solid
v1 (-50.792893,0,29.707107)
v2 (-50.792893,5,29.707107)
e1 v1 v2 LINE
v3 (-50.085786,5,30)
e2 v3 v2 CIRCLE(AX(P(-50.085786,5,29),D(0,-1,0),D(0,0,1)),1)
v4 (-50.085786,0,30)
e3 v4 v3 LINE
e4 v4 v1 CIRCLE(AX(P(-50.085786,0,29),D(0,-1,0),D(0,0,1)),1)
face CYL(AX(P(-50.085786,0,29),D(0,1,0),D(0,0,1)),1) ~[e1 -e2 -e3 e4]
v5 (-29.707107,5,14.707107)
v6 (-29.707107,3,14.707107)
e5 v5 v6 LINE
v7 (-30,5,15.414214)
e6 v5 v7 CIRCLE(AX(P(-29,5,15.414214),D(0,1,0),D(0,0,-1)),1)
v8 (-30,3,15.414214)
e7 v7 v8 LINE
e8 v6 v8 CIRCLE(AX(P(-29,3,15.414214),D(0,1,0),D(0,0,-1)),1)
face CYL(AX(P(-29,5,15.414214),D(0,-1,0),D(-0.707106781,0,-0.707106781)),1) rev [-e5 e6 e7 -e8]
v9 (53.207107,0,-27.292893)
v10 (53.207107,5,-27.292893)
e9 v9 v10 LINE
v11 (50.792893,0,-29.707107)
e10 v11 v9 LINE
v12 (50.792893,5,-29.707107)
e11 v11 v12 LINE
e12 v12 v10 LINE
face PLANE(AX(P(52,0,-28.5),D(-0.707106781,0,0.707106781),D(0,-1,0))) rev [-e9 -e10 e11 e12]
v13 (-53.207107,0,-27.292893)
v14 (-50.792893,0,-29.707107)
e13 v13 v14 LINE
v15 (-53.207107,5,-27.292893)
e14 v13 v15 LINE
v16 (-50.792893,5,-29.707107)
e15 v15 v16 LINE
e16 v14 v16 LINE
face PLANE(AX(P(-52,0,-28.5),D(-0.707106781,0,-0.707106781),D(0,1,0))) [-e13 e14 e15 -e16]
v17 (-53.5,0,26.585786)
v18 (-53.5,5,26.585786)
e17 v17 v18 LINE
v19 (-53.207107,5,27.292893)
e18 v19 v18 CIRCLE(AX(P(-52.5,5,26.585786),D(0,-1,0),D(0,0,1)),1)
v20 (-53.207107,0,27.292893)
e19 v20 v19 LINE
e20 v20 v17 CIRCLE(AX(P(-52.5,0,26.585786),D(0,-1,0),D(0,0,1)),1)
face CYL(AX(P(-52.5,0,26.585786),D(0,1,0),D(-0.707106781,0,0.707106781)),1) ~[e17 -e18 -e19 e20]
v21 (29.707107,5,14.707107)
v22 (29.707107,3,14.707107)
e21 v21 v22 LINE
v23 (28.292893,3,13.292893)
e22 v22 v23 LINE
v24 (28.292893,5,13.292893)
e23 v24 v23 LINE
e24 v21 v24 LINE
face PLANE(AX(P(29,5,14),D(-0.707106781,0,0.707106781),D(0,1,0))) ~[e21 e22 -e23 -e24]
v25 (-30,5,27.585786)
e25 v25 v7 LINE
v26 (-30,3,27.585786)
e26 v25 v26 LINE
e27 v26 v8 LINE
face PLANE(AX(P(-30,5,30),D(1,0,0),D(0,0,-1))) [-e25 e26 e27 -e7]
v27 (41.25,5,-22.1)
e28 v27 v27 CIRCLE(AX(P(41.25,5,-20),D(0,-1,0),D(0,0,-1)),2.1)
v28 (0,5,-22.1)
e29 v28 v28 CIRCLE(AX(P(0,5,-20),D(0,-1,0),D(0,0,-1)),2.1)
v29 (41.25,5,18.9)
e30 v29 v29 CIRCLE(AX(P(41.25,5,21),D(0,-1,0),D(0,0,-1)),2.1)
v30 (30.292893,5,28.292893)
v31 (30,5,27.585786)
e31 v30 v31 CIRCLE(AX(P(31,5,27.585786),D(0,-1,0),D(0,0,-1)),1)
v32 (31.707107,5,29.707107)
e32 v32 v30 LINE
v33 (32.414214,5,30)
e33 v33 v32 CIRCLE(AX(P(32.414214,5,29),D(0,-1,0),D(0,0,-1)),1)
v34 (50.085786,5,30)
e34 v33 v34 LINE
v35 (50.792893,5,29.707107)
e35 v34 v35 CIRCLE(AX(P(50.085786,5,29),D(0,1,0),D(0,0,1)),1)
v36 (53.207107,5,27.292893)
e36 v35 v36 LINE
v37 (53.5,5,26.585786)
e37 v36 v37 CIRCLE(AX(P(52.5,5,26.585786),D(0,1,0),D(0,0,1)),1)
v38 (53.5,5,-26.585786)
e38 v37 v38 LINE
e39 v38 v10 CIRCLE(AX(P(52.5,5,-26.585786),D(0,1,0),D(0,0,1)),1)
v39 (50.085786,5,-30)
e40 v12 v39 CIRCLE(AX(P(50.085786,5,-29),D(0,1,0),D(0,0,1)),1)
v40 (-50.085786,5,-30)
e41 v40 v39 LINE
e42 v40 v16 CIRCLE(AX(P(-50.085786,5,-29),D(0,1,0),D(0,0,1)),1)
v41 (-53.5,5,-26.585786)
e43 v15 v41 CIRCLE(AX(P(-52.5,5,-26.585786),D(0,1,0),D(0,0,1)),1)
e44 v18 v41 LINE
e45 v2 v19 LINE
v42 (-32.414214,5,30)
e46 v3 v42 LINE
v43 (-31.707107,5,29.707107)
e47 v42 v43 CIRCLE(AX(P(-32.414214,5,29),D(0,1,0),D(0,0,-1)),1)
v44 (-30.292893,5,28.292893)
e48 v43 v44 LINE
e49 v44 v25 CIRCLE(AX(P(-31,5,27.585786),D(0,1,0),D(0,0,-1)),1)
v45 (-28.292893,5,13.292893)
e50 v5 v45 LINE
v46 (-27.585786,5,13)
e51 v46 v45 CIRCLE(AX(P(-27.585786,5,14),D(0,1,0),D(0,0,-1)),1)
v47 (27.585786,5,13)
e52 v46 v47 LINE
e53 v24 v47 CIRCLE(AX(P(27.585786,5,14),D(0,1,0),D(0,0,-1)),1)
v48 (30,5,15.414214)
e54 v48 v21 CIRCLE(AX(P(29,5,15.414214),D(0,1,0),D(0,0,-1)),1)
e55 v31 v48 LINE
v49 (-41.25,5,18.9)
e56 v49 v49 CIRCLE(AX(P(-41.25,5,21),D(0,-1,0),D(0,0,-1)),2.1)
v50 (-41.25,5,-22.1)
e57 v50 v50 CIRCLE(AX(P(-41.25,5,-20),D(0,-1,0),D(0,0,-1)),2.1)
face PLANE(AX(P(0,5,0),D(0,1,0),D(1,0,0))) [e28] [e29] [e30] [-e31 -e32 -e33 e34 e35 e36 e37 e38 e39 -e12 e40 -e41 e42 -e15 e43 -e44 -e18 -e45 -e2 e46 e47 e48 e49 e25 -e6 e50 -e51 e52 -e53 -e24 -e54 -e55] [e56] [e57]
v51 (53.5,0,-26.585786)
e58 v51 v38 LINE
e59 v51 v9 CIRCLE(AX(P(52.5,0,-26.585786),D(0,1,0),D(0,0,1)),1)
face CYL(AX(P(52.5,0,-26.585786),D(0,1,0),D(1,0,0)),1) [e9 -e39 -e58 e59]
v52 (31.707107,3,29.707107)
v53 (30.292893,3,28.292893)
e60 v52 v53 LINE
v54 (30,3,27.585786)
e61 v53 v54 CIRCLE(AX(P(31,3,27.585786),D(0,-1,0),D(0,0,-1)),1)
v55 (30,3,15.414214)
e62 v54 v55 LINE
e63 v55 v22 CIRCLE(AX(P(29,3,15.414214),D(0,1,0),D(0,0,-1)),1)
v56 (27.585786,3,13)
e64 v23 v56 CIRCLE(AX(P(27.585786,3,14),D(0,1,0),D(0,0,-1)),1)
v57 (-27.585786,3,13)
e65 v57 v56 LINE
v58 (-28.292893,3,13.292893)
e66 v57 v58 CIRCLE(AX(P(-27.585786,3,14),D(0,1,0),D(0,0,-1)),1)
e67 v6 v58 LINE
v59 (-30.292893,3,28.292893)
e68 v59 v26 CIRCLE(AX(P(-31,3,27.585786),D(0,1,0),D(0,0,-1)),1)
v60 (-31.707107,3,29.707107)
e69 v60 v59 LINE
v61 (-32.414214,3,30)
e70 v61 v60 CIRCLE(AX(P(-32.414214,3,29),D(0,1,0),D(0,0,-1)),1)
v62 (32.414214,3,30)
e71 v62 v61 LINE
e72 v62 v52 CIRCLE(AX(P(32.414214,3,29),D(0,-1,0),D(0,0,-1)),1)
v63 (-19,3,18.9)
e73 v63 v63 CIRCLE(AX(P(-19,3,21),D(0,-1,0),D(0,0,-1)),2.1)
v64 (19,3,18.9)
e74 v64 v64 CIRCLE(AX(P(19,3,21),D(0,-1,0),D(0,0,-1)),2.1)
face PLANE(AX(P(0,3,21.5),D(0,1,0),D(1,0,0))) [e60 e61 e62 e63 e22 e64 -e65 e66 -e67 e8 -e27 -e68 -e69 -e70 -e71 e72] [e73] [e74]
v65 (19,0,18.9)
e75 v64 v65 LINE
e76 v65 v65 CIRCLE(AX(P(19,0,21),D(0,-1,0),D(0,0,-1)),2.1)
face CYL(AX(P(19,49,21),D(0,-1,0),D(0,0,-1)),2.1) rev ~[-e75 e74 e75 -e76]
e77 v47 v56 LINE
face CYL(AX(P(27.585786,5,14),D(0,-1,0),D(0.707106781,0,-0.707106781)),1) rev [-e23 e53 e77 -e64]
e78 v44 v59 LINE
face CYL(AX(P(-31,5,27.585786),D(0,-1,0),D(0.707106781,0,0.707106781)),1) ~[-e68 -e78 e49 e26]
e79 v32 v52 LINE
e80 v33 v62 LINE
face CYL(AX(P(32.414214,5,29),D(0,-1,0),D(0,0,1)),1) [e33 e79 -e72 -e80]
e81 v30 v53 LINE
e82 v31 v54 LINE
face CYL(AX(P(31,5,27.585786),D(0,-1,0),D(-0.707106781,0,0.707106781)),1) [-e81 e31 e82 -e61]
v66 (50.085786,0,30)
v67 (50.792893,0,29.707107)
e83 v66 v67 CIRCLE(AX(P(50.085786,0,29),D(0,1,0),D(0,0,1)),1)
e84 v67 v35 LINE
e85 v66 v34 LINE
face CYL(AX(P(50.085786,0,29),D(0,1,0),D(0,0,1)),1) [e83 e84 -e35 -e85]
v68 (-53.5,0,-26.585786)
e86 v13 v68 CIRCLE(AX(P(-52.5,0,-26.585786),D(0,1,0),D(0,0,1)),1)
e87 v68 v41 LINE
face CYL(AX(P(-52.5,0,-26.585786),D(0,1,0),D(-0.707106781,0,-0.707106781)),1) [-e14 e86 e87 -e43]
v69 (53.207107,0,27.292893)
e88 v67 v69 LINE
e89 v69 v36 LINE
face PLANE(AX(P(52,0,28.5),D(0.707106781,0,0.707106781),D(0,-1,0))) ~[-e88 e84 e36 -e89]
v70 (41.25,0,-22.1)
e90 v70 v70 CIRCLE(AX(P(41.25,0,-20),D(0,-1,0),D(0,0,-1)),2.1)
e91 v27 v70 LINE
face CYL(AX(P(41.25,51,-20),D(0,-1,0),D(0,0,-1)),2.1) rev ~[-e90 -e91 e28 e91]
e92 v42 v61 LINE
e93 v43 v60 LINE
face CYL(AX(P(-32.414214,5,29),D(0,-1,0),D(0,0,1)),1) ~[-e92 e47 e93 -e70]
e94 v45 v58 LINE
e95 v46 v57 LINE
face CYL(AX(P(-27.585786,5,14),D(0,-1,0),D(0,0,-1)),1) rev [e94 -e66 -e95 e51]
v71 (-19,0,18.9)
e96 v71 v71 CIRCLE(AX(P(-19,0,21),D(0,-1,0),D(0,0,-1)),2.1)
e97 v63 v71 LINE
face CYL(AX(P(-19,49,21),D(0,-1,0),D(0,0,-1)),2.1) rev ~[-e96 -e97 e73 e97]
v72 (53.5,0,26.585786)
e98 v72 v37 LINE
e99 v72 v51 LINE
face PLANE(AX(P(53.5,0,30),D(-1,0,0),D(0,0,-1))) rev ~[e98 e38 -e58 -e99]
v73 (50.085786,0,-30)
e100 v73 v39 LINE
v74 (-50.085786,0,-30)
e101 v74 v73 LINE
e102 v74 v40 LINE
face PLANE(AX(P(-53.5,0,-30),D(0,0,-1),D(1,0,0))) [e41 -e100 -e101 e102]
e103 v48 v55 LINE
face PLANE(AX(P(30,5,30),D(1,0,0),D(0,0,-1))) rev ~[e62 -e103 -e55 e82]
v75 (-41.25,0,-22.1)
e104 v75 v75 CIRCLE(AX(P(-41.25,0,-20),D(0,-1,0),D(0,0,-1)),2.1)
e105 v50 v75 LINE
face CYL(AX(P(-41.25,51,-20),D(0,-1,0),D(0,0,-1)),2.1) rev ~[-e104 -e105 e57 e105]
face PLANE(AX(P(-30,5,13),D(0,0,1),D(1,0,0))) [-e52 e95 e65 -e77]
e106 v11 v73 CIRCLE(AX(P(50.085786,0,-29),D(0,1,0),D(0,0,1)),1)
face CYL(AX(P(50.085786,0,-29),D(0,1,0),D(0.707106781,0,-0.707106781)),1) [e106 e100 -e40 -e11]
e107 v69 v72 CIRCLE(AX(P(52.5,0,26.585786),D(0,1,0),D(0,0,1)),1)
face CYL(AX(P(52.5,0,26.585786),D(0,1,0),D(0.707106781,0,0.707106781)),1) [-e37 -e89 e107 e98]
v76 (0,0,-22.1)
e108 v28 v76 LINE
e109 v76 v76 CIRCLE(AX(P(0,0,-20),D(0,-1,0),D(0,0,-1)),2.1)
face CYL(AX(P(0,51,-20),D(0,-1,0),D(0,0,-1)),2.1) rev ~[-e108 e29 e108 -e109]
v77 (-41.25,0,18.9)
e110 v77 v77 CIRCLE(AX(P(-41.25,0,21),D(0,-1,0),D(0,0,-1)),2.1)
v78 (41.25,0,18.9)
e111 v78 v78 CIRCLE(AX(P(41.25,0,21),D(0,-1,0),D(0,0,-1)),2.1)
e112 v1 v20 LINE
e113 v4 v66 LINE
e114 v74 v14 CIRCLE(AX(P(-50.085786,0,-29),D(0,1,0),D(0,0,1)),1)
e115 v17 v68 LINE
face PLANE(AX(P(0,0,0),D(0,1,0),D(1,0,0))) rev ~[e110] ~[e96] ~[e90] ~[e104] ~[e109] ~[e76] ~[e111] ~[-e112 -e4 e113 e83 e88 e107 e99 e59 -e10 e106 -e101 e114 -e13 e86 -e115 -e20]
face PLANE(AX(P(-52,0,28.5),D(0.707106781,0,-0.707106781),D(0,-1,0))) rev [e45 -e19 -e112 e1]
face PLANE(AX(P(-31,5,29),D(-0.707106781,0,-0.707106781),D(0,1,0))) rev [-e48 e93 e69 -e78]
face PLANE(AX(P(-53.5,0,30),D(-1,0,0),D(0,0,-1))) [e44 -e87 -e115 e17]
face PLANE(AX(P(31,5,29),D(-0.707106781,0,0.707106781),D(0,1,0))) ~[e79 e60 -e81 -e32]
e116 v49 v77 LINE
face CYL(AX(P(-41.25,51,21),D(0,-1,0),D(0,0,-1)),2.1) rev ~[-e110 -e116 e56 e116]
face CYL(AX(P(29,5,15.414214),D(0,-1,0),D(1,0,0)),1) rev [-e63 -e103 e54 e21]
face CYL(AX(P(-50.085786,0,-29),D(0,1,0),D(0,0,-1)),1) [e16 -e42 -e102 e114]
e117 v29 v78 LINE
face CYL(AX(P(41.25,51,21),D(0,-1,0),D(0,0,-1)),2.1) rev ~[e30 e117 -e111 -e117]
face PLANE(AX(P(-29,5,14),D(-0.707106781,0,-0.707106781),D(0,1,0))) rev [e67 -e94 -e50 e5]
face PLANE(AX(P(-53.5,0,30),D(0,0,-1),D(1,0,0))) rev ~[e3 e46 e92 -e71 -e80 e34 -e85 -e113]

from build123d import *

# Parameters (mm, degrees)
SKETCH1_W                   = 107
SKETCH1_H                   = 60
BOSS_EXTRUDE1_DEPTH         = 5
SKETCH2_W                   = 60
SKETCH2_H                   = 17
CUT_EXTRUDE1_DEPTH          = 2
CHAMFER1_SIZE               = 2
CHAMFER2_SIZE               = 3
FILLET1_R                   = 1
TAP_DRILL_FOR_M5_TAP1_D     = 4.2
TAP_DRILL_FOR_M5_TAP1_DEPTH = 46
TAP_DRILL_FOR_M5_TAP1_TIP   = 1.2618073
TAP_DRILL_FOR_M5_TAP2_D     = 4.2
TAP_DRILL_FOR_M5_TAP2_DEPTH = 46
TAP_DRILL_FOR_M5_TAP2_TIP   = 1.2618073


with BuildPart() as part:
    # Sketch1 → Boss-Extrude1 (new body)
    with BuildSketch(Plane(origin=(0, 0, 0), x_dir=(1, 0, 0), z_dir=(0, 1, 0))):
        Rectangle(SKETCH1_W, SKETCH1_H)
    extrude(amount=BOSS_EXTRUDE1_DEPTH)

    # Sketch2 → Cut-Extrude1 (cut)
    with BuildSketch(Plane(origin=(0, 5, 0), x_dir=(1, 0, 0), z_dir=(0, 1, 0))):
        with Locations((0, -21.5)):
            Rectangle(SKETCH2_W, SKETCH2_H)
    extrude(amount=-CUT_EXTRUDE1_DEPTH, mode=Mode.SUBTRACT)

    # Chamfer1
    chamfer1_edges = [part.edges().sort_by_distance(p)[0] for p in [
        (30, 4, 13),
        (30, 4, 30),
        (-30, 4, 30),
        (-30, 4, 13),
    ]]
    chamfer(chamfer1_edges, length=CHAMFER1_SIZE)

    # Chamfer2
    chamfer2_edges = [part.edges().sort_by_distance(p)[0] for p in [
        (53.5, 2.5, 30),
        (-53.5, 2.5, 30),
        (-53.5, 2.5, -30),
        (53.5, 2.5, -30),
    ]]
    chamfer(chamfer2_edges, length=CHAMFER2_SIZE)

    # Fillet1
    fillet1_edges = [part.edges().sort_by_distance(p)[0] for p in [
        (30, 4, 15),
        (30, 4, 28),
        (-32, 4, 30),
        (32, 4, 30),
        (-28, 4, 13),
        (28, 4, 13),
        (-30, 4, 15),
        (-30, 4, 28),
        (-53.5, 2.5, 27),
        (-53.5, 2.5, -27),
        (50.5, 2.5, -30),
        (-50.5, 2.5, -30),
        (50.5, 2.5, 30),
        (-50.5, 2.5, 30),
        (53.5, 2.5, 27),
        (53.5, 2.5, -27),
    ]]
    fillet(fillet1_edges, radius=FILLET1_R)

    # Tap Drill for M5 Tap1
    with Locations(Plane(origin=(-41.25, 5, 21), x_dir=(0, 0, 1), z_dir=(0, 1, 0))):
        with Locations((0, 0), (-41, 0), (-41, 41.25), (-41, 82.5), (0, 82.5)):
            Hole(TAP_DRILL_FOR_M5_TAP1_D / 2, depth=TAP_DRILL_FOR_M5_TAP1_DEPTH)
            with Locations((0, 0, -(TAP_DRILL_FOR_M5_TAP1_DEPTH + TAP_DRILL_FOR_M5_TAP1_TIP / 2))):  # 118° drill point
                Cone(0, TAP_DRILL_FOR_M5_TAP1_D / 2, TAP_DRILL_FOR_M5_TAP1_TIP, mode=Mode.SUBTRACT)

    # Tap Drill for M5 Tap2
    with Locations(Plane(origin=(-19, 3, 21), x_dir=(0, 0, 1), z_dir=(0, 1, 0))):
        with Locations((0, 0), (0, 38)):
            Hole(TAP_DRILL_FOR_M5_TAP2_D / 2, depth=TAP_DRILL_FOR_M5_TAP2_DEPTH)
            with Locations((0, 0, -(TAP_DRILL_FOR_M5_TAP2_DEPTH + TAP_DRILL_FOR_M5_TAP2_TIP / 2))):  # 118° drill point
                Cone(0, TAP_DRILL_FOR_M5_TAP2_D / 2, TAP_DRILL_FOR_M5_TAP2_TIP, mode=Mode.SUBTRACT)


solid = part.part
